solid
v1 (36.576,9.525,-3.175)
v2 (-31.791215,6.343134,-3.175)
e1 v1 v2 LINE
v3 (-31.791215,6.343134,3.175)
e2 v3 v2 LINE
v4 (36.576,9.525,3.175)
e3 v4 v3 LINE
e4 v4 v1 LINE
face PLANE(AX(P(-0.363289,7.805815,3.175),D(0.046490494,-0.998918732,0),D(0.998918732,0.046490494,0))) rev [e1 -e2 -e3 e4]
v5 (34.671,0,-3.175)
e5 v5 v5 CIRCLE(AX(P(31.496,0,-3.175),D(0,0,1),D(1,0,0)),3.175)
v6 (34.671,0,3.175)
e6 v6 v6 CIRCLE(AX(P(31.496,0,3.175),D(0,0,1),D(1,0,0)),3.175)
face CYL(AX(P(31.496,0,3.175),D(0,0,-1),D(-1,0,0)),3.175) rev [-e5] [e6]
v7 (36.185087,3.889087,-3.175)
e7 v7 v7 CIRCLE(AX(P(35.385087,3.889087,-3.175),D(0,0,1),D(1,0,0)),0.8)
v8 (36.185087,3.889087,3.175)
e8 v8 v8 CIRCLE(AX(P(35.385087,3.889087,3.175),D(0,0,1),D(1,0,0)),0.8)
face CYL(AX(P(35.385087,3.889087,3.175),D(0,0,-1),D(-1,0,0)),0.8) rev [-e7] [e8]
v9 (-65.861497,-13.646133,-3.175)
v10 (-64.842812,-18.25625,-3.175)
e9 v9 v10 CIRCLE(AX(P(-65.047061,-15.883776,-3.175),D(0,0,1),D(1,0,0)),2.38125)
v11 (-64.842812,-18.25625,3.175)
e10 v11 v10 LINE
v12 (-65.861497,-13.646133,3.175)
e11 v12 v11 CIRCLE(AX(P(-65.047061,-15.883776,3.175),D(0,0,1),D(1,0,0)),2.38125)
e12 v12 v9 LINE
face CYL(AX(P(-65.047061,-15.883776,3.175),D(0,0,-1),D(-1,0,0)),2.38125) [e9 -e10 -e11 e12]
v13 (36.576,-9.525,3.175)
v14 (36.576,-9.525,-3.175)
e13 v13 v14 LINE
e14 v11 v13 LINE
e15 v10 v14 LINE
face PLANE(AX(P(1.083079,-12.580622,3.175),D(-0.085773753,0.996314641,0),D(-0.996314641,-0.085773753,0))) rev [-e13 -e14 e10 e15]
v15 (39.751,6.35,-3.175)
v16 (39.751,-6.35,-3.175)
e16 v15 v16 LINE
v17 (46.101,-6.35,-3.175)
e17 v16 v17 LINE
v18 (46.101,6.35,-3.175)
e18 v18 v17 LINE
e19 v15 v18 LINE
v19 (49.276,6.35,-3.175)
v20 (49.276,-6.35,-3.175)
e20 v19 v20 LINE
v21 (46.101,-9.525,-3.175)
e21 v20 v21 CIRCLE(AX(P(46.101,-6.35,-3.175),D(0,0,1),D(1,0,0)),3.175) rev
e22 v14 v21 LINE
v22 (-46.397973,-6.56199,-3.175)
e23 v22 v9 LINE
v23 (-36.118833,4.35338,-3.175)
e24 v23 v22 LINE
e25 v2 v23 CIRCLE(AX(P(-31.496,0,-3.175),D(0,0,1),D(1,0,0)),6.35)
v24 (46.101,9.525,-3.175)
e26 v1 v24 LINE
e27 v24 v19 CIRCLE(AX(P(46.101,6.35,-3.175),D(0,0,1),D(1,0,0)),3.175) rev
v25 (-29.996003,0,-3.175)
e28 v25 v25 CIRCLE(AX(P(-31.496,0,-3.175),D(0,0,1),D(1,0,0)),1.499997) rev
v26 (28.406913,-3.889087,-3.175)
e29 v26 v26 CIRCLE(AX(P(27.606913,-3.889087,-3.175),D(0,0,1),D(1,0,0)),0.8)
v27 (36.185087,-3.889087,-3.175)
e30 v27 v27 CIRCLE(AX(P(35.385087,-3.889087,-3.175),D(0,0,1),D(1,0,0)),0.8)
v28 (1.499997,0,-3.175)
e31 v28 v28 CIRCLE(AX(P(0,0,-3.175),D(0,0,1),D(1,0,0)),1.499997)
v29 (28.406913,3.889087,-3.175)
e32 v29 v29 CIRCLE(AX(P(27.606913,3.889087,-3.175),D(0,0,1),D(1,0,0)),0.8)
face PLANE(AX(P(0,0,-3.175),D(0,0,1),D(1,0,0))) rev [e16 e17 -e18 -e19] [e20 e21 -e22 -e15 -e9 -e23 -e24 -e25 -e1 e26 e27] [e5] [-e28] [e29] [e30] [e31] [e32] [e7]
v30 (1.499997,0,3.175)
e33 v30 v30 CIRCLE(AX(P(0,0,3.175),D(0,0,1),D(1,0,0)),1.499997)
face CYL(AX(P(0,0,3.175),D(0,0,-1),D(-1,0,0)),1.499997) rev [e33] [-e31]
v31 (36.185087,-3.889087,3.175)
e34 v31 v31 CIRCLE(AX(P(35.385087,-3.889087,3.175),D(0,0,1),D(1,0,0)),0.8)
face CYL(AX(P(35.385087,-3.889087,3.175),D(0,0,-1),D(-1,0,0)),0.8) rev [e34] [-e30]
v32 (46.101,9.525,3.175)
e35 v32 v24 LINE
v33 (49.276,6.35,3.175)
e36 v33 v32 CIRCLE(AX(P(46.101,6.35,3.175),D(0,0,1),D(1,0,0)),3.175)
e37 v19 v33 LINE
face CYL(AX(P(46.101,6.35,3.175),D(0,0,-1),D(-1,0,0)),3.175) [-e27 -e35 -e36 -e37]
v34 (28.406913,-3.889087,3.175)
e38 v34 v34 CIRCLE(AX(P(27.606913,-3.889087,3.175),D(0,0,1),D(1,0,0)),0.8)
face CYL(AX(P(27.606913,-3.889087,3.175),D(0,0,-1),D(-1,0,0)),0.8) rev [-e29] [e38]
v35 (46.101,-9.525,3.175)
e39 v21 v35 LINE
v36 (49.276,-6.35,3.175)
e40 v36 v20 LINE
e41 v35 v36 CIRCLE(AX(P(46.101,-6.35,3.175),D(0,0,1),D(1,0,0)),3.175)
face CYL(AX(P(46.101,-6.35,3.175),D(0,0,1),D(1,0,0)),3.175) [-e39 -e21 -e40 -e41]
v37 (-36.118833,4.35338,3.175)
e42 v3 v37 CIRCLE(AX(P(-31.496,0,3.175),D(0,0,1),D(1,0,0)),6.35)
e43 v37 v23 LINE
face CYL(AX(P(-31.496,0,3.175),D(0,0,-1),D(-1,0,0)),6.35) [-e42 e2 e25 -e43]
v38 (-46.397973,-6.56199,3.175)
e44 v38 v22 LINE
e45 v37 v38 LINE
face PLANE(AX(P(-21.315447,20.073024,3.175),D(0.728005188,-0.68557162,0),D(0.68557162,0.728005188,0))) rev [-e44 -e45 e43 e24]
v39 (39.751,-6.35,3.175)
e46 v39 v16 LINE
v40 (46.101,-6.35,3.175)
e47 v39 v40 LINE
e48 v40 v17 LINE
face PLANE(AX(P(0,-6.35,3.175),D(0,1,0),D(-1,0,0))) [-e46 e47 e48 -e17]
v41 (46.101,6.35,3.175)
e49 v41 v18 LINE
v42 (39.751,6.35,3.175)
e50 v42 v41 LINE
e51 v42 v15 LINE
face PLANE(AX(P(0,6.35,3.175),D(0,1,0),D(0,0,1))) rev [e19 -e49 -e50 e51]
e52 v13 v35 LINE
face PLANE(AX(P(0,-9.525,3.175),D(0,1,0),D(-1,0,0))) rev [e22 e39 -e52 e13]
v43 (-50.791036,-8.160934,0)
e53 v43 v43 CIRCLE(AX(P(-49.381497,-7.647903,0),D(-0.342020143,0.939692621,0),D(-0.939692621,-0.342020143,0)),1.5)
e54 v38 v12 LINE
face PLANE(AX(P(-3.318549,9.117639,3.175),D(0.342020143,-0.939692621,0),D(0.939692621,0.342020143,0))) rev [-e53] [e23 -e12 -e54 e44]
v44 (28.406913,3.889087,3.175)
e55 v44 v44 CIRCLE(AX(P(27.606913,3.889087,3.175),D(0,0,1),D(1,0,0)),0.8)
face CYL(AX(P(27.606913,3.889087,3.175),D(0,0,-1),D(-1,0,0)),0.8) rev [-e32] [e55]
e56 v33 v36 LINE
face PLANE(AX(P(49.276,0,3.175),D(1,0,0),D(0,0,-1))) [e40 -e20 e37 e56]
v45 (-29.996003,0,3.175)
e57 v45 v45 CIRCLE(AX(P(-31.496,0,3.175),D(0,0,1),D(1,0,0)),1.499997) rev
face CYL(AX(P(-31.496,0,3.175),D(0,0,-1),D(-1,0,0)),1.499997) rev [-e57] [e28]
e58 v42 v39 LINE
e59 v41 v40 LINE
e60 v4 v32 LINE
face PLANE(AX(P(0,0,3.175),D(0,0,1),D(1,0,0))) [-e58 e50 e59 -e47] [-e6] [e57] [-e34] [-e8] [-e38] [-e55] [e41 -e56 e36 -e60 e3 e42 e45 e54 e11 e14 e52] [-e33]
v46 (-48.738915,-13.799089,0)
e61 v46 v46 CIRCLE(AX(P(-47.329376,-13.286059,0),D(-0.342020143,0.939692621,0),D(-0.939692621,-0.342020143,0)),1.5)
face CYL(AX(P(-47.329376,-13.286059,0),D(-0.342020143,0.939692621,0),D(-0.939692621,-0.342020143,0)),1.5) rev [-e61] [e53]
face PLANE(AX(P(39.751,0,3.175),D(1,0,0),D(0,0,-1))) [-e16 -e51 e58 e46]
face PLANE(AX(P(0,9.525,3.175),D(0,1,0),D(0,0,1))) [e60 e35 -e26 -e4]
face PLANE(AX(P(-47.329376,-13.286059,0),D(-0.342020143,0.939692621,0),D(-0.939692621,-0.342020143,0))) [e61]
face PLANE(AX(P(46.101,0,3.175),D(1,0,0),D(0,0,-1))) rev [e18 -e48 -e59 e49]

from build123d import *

# Parameters (mm, degrees)
SKETCH1_R           = 3.175
SKETCH1_R_2         = 0.8
SKETCH1_R_3         = 1.499997
SKETCH1_W           = 6.35
SKETCH1_H           = 12.7
BOSS_EXTRUDE1_DEPTH = 3.175
FILLET1_R           = 3.175
SKETCH2_R           = 1.5
CUT_EXTRUDE1_DEPTH  = 6


with BuildPart() as part:
    # Sketch1 → Boss-Extrude1 (new body, symmetric)
    with BuildSketch(Plane.XY):
        with BuildLine():
            Line((36.576, 9.525), (49.276, 9.525))
            Line((49.276, 9.525), (49.276, -9.525))
            Line((49.276, -9.525), (36.576, -9.525))
            Line((36.576, -9.525), (-64.842812423, -18.25625))
            ThreePointArc((-64.842812423, -18.25625), (-67.372222956, -16.397560002), (-65.861496639, -13.646132709))
            Line((-65.861496639, -13.646132709), (-46.397973184, -6.561989517))
            Line((-46.397973184, -6.561989517), (-36.118832942, 4.353379789))
            ThreePointArc((-36.118832942, 4.353379789), (-34.148654973, 5.769395254), (-31.791214639, 6.343133951))
            Line((-31.791214639, 6.343133951), (36.576, 9.525))
        make_face()
        with Locations((31.496, 0)):
            Circle(SKETCH1_R, mode=Mode.SUBTRACT)
        with Locations((27.606912703, 3.889087297)):
            Circle(SKETCH1_R_2, mode=Mode.SUBTRACT)
        with Locations((35.385087297, -3.889087297)):
            Circle(SKETCH1_R_2, mode=Mode.SUBTRACT)
        with Locations((-31.496, 0)):
            Circle(SKETCH1_R_3, mode=Mode.SUBTRACT)
        with Locations((35.385087297, 3.889087297)):
            Circle(SKETCH1_R_2, mode=Mode.SUBTRACT)
        with Locations((27.606912703, -3.889087297)):
            Circle(SKETCH1_R_2, mode=Mode.SUBTRACT)
        Circle(SKETCH1_R_3, mode=Mode.SUBTRACT)
        with Locations((42.926, 0)):
            Rectangle(SKETCH1_W, SKETCH1_H, mode=Mode.SUBTRACT)
    extrude(amount=BOSS_EXTRUDE1_DEPTH, both=True)

    # Fillet1
    fillet1_edges = [part.edges().sort_by_distance(p)[0] for p in [
        (49.276, 9.525, 0),
        (49.276, -9.525, 0),
    ]]
    fillet(fillet1_edges, radius=FILLET1_R)

    # Sketch2 → Cut-Extrude1 (cut)
    with BuildSketch(Plane(origin=(-3.318549049, 9.117638577, 0), x_dir=(0.939692621, 0.342020143, 0), z_dir=(-0.342020143, 0.939692621, 0))):
        with Locations((-49.019165615, 0)):
            Circle(SKETCH2_R)
    extrude(amount=-CUT_EXTRUDE1_DEPTH, mode=Mode.SUBTRACT)


solid = part.part
